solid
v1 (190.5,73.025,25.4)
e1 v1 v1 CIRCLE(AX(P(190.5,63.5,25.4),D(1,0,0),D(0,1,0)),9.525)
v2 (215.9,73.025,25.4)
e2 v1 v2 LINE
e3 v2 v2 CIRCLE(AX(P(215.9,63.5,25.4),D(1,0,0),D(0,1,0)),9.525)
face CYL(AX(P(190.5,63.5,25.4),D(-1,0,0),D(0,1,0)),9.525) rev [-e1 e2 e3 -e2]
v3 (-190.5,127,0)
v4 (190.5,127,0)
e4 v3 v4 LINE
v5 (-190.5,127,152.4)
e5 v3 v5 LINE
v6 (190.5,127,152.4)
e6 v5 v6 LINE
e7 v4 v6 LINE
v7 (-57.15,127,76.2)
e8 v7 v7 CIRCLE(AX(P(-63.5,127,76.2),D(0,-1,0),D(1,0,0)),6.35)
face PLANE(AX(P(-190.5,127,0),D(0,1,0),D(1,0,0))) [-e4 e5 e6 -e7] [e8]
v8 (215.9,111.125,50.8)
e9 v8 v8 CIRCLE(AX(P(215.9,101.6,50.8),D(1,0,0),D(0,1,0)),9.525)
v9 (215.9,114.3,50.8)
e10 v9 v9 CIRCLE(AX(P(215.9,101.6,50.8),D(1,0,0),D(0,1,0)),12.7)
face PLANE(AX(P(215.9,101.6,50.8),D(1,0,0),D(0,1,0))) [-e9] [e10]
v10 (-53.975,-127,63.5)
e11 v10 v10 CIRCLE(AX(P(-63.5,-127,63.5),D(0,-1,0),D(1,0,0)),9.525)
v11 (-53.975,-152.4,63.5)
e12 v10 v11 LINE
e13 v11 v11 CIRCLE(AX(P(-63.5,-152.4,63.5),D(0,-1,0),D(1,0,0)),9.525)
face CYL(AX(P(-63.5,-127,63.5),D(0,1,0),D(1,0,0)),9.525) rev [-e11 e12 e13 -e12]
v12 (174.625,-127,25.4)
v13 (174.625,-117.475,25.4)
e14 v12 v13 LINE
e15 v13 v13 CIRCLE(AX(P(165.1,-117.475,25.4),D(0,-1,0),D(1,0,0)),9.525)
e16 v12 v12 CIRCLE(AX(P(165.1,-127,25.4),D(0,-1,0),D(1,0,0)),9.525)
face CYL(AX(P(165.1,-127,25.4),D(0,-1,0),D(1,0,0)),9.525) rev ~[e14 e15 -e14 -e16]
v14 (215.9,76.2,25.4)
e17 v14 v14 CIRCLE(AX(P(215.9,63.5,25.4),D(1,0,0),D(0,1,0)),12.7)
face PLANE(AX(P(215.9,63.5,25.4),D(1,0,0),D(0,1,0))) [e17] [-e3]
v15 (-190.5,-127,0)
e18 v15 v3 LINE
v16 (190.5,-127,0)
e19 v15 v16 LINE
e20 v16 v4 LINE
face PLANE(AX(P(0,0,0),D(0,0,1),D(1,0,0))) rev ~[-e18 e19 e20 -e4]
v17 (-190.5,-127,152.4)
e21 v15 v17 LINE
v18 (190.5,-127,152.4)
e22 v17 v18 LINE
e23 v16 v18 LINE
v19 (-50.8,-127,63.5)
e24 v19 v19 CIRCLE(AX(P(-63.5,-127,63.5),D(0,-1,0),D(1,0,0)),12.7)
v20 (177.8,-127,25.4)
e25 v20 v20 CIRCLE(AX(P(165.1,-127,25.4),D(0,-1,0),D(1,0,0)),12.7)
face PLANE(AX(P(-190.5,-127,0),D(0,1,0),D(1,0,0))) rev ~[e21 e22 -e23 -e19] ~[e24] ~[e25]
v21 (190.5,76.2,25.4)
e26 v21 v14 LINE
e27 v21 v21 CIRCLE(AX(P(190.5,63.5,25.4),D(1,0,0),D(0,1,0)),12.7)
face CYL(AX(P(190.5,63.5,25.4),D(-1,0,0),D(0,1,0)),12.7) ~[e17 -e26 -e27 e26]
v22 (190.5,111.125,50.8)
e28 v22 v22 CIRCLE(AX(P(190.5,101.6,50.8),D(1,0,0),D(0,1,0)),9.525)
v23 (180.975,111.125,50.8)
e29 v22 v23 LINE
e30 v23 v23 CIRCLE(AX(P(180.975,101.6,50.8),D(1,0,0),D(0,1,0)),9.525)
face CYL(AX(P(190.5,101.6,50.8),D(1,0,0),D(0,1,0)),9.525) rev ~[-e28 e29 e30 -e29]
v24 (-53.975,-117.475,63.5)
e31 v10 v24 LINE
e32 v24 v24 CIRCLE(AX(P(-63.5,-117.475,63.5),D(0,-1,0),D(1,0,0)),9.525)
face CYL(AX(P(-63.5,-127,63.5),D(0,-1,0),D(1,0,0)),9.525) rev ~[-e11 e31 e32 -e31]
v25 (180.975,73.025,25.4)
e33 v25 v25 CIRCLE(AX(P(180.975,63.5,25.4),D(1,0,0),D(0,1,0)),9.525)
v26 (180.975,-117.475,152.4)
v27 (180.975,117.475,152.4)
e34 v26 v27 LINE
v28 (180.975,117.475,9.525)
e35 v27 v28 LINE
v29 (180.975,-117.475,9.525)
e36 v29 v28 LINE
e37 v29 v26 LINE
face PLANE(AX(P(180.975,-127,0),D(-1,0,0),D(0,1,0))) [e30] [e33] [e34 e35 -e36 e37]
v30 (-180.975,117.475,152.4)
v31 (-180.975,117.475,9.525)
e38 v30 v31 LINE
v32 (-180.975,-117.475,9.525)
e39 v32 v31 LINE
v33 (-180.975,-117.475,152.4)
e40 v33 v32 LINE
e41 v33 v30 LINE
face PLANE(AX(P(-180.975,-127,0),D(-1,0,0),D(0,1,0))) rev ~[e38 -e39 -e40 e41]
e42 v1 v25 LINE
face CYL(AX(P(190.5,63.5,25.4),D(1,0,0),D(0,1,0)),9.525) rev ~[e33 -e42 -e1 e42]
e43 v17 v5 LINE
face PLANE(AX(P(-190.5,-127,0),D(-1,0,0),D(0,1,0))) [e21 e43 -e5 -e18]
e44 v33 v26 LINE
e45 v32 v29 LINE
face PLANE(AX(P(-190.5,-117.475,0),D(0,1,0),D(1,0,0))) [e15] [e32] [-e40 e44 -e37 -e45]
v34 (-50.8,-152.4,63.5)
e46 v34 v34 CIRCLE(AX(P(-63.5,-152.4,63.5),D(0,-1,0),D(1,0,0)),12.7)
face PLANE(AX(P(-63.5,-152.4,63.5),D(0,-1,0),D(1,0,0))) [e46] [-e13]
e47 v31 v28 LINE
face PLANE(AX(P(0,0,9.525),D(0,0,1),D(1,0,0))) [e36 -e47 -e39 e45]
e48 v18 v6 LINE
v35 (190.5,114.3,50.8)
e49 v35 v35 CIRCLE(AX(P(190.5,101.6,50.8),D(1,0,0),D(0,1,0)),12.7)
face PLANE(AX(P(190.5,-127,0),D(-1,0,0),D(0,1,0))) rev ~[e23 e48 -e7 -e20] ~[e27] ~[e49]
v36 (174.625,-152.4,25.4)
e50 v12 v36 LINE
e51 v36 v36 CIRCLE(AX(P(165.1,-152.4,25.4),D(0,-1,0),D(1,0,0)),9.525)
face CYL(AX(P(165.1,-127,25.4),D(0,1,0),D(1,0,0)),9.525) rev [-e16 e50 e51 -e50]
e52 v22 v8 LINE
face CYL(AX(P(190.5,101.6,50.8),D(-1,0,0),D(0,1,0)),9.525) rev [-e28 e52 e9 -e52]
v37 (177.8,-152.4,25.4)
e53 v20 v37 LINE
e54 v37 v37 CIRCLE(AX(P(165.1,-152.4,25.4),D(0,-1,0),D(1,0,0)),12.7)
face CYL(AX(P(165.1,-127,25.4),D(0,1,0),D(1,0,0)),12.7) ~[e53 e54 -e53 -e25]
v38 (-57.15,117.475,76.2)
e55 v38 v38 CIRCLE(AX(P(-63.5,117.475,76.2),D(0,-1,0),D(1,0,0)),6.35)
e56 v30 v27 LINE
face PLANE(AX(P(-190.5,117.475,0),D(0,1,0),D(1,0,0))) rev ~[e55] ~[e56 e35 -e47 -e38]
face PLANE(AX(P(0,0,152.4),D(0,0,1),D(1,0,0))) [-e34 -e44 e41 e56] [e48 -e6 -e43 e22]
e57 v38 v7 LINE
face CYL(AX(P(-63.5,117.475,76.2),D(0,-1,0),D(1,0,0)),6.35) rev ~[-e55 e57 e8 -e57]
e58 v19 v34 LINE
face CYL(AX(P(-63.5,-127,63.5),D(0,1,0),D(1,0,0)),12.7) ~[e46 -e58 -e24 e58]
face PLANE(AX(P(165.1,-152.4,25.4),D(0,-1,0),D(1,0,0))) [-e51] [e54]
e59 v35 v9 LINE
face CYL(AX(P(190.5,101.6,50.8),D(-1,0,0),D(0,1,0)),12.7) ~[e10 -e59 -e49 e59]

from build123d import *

# Parameters (mm, degrees)
F0_W      = 381
F0_H      = 254
F1_DEPTH  = 152.4
F2_T      = -9.525
F3_R      = 12.7
F3_R_2    = 9.525
F4_DEPTH  = 25.4
F5_R      = 9.525
F6_DEPTH  = 9.525
F7_R      = 12.7
F7_R_2    = 9.525
F8_DEPTH  = 25.4
F9_R      = 9.525
F10_DEPTH = 9.525
F11_R     = 6.35
F12_DEPTH = 25.4


with BuildPart() as f1:
    # F0 (on Top) → F1 (new body)
    with BuildSketch(Plane.XY):
        Rectangle(F0_W, F0_H)
    extrude(amount=F1_DEPTH)

    # F2
    f2_openings = [f1.faces().sort_by_distance(p)[0] for p in [
        (0, 0, 152.4),
    ]]
    offset(amount=F2_T, openings=f2_openings)

    # F3 (on face) → F4 (join)
    with BuildSketch(Plane.YZ.offset(190.5)):
        with Locations((63.5, 25.4)):
            Circle(F3_R)
        with Locations((63.5, 25.4)):
            Circle(F3_R_2, mode=Mode.SUBTRACT)
        with Locations((101.6, 50.8)):
            Circle(F3_R)
        with Locations((101.6, 50.8)):
            Circle(F3_R_2, mode=Mode.SUBTRACT)
    extrude(amount=F4_DEPTH)

    # F5 (on face) → F6 (cut, through all)
    with BuildSketch(Plane.YZ.offset(190.5)):
        with Locations((63.5, 25.4)):
            Circle(F5_R)
        with Locations((101.6, 50.8)):
            Circle(F5_R)
    extrude(amount=-F6_DEPTH, mode=Mode.SUBTRACT)

    # F7 (on face) → F8 (join)
    with BuildSketch(Plane.XZ.offset(127)):
        with Locations((-63.5, 63.5)):
            Circle(F7_R)
        with Locations((-63.5, 63.5)):
            Circle(F7_R_2, mode=Mode.SUBTRACT)
        with Locations((165.1, 25.4)):
            Circle(F7_R)
        with Locations((165.1, 25.4)):
            Circle(F7_R_2, mode=Mode.SUBTRACT)
    extrude(amount=F8_DEPTH)

    # F9 (on face) → F10 (cut, through all)
    with BuildSketch(Plane.XZ.offset(127)):
        with Locations((-63.5, 63.5)):
            Circle(F9_R)
        with Locations((165.1, 25.4)):
            Circle(F9_R)
    extrude(amount=-F10_DEPTH, mode=Mode.SUBTRACT)

    # F11 (on face) → F12 (cut)
    with BuildSketch(Plane.XZ.offset(-117.475)):
        with Locations((-63.5, 76.2)):
            Circle(F11_R)
    extrude(amount=-F12_DEPTH, mode=Mode.SUBTRACT)


solid = f1.part
